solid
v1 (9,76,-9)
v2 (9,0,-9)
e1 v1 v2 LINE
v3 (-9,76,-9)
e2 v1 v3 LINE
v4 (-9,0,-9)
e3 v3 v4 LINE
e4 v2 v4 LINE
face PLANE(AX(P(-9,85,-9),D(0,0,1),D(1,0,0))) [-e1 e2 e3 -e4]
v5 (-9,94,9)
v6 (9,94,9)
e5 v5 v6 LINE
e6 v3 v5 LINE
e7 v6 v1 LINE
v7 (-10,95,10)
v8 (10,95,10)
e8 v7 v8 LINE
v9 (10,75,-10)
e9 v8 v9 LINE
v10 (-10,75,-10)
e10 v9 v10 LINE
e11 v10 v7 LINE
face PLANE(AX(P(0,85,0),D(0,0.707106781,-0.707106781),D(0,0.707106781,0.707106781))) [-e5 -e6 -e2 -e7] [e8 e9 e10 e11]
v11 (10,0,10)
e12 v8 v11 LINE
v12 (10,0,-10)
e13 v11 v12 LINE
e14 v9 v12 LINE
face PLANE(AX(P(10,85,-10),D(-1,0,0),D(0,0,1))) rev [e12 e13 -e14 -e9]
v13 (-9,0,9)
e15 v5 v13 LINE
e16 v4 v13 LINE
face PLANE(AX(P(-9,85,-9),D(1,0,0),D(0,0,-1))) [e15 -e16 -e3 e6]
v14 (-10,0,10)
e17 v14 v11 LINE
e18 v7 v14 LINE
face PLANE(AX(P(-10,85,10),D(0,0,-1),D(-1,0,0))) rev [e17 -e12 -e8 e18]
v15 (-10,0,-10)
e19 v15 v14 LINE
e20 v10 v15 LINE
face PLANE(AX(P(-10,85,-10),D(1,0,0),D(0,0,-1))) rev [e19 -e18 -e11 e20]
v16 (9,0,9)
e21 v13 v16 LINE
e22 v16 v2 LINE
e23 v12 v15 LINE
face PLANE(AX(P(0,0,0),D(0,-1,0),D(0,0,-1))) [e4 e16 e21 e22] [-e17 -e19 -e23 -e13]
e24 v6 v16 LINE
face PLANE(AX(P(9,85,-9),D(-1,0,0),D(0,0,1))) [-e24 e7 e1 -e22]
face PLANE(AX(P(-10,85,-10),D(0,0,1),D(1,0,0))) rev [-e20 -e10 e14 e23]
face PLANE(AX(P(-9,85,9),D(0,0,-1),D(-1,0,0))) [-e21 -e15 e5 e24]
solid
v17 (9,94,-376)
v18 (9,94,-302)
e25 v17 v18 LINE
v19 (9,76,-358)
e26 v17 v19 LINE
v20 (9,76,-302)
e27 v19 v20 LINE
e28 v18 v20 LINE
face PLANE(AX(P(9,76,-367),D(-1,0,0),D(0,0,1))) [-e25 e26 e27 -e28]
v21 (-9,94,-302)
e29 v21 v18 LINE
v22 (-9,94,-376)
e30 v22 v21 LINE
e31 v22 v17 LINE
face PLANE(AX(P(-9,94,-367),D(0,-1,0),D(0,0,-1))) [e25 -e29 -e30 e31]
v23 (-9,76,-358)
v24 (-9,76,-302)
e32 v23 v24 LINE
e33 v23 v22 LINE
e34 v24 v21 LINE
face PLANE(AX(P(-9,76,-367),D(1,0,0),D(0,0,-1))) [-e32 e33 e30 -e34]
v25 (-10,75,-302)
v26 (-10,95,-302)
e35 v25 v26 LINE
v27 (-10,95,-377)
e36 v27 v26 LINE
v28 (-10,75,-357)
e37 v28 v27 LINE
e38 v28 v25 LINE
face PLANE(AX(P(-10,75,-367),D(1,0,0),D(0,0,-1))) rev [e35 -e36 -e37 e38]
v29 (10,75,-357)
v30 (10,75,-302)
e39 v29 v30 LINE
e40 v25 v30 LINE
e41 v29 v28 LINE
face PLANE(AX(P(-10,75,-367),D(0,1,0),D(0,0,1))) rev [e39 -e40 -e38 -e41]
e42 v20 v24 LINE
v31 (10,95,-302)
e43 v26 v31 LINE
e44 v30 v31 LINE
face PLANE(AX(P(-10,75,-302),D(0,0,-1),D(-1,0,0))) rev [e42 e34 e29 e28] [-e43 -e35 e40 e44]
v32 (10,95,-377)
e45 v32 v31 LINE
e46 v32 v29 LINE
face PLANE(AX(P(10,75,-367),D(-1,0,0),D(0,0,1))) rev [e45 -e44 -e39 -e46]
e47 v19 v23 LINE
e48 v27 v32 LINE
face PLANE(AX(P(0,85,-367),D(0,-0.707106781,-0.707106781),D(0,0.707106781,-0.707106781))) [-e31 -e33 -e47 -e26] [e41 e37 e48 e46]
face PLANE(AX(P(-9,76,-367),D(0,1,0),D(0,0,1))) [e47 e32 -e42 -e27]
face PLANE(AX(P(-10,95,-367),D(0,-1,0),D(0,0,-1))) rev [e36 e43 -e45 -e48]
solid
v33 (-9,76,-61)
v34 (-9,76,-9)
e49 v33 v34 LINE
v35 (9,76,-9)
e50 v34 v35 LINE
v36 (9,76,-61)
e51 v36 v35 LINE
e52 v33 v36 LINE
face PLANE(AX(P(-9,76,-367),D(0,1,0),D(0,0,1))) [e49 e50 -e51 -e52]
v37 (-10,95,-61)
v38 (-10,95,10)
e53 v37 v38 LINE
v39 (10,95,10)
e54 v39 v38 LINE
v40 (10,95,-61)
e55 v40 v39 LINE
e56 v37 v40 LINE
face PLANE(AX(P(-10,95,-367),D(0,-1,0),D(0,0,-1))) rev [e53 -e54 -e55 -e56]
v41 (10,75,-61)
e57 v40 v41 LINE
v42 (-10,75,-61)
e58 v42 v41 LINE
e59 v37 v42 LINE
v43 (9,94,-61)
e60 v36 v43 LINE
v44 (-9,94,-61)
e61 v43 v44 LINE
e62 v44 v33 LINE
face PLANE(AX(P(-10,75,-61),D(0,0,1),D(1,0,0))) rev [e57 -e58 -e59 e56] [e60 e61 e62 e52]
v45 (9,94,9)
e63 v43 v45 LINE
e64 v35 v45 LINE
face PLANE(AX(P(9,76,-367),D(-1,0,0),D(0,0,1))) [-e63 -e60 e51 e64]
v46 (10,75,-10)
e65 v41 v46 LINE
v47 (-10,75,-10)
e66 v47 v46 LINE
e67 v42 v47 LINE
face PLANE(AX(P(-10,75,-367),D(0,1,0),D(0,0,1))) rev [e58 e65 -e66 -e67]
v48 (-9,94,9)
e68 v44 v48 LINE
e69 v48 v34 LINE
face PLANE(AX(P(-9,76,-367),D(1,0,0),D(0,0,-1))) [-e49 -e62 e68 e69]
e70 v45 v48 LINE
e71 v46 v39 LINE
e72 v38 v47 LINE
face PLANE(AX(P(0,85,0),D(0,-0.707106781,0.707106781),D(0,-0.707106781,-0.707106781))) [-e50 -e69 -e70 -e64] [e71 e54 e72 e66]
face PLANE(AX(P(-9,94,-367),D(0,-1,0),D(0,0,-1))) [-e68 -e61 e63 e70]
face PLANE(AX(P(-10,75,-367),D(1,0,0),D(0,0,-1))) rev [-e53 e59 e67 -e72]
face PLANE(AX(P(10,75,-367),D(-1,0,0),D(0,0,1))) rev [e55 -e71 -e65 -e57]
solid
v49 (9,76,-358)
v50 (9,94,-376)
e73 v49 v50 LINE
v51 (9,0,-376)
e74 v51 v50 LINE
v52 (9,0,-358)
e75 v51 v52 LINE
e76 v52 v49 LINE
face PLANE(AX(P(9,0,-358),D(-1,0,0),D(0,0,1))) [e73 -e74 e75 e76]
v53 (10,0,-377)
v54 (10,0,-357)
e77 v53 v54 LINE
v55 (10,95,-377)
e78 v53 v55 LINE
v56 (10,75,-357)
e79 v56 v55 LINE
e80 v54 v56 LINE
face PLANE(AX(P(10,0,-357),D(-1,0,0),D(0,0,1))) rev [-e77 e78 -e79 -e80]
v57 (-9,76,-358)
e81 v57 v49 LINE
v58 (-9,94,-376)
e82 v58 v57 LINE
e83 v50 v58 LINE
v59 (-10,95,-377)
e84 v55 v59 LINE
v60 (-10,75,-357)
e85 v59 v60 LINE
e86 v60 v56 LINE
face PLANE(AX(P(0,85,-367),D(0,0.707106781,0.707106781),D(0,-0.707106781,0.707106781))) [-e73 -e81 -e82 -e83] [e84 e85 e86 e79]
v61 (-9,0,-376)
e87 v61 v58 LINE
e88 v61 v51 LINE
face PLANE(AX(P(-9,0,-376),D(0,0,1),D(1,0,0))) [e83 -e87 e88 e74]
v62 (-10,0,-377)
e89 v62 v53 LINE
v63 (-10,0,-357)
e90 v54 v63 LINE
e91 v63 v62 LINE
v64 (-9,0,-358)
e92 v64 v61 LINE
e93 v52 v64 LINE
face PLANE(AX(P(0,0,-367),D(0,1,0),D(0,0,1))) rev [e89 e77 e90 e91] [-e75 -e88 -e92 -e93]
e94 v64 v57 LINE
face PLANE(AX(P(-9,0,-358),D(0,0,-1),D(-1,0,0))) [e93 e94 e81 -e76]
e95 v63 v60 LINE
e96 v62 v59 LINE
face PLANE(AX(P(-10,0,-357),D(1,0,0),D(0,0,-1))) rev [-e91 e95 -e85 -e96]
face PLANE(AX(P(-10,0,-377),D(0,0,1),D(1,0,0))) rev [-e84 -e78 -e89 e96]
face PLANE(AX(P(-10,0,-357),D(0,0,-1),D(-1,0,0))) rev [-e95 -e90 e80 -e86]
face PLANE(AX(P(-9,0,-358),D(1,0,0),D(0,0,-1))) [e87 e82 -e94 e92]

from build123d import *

# Parameters (mm, degrees)
SKETCH_11_W                = 20
SKETCH_11_H                = 20
SKETCH_11_W_2              = 18
SKETCH_11_H_2              = 18
F_20X20X1_1_DEPTH          = 100.142135624
SKETCH_11_ON_SEGMENT_2_W   = 20
SKETCH_11_ON_SEGMENT_2_H   = 20
SKETCH_11_ON_SEGMENT_2_W_2 = 18
SKETCH_11_ON_SEGMENT_2_H_2 = 18
F_20X20X1_1_2_DEPTH        = 397.284271247
SKETCH_11_ON_SEGMENT_3_W   = 20
SKETCH_11_ON_SEGMENT_3_H   = 20
SKETCH_11_ON_SEGMENT_3_W_2 = 18
SKETCH_11_ON_SEGMENT_3_H_2 = 18
F_20X20X1_1_3_DEPTH        = 100.142135624
CUT_EXTRUDE_1_REACH        = 391.299
SKETCH_12_R                = 1.5
SKETCH_14_W                = 241
SKETCH_14_H                = 20
CUT_EXTRUDE_3_DEPTH        = 390.299370665


with BuildPart() as part:
    # 草图11 → 铝管 20X20X1(1) (new body)
    with BuildSketch(Plane.ZX):
        Rectangle(SKETCH_11_W, SKETCH_11_H)
        Rectangle(SKETCH_11_W_2, SKETCH_11_H_2, mode=Mode.SUBTRACT)
    extrude(amount=F_20X20X1_1_DEPTH)

    # 铝管 20X20X1(1) mitre 1
    split(bisect_by=Plane(origin=(0, 85, 0), x_dir=(1, 0, 0), z_dir=(0, -0.707106781, 0.707106781)), keep=Keep.TOP)


with BuildPart() as body_2:
    # 草图11 on segment 2 (carried to segment 2) → 20X20X1_1 2 (new body)
    with BuildSketch(Plane(origin=(0, 85, 15.142135624), x_dir=(0, 1, 0), z_dir=(0, 0, -1))):
        Rectangle(SKETCH_11_ON_SEGMENT_2_W, SKETCH_11_ON_SEGMENT_2_H)
        Rectangle(SKETCH_11_ON_SEGMENT_2_W_2, SKETCH_11_ON_SEGMENT_2_H_2, mode=Mode.SUBTRACT)
    extrude(amount=F_20X20X1_1_2_DEPTH)

    # 20X20X1_1 2 mitre 1
    split(bisect_by=Plane(origin=(0, 85, 0), x_dir=(-1, 0, 0), z_dir=(0, 0.707106781, -0.707106781)), keep=Keep.TOP)

    # 20X20X1_1 2 mitre 2
    split(bisect_by=Plane(origin=(0, 85, -367), x_dir=(-1, 0, 0), z_dir=(0, 0.707106781, 0.707106781)), keep=Keep.TOP)

    # 切除-拉伸1: up to this face of the body (flat: up to its plane)
    cut_extrude_1_end = Plane(body_2.part.faces().sort_by_distance((-10, 85.181653043, -183.5))[0])
    # 草图12 → 切除-拉伸1 (cut, up to the picked face)
    with BuildSketch(Plane(origin=(10, 0, 0), x_dir=(0, 0, -1), z_dir=(1, 0, 0)), mode=Mode.PRIVATE) as cut_extrude_1_sk1:
        with Locations((133.5, 81)):
            Circle(SKETCH_12_R)
    cut_extrude_1_tool1 = split(extrude(cut_extrude_1_sk1.sketch, amount=-CUT_EXTRUDE_1_REACH, mode=Mode.PRIVATE), bisect_by=cut_extrude_1_end, keep=Keep.BOTH, mode=Mode.PRIVATE)
    # 草图12 → 切除-拉伸1 (cut, up to the picked face)
    with BuildSketch(Plane(origin=(10, 0, 0), x_dir=(0, 0, -1), z_dir=(1, 0, 0)), mode=Mode.PRIVATE) as cut_extrude_1_sk2:
        with Locations((233.5, 81)):
            Circle(SKETCH_12_R)
    cut_extrude_1_tool2 = split(extrude(cut_extrude_1_sk2.sketch, amount=-CUT_EXTRUDE_1_REACH, mode=Mode.PRIVATE), bisect_by=cut_extrude_1_end, keep=Keep.BOTH, mode=Mode.PRIVATE)
    add(cut_extrude_1_tool1.solids().sort_by(Axis((10, 81, -133.5), (-1, 0, 0)))[0], mode=Mode.SUBTRACT)
    add(cut_extrude_1_tool2.solids().sort_by(Axis((10, 81, -233.5), (-1, 0, 0)))[0], mode=Mode.SUBTRACT)

    # 草图14 → 切除-拉伸3 (cut, through all)
    with BuildSketch(Plane(origin=(10, 0, 0), x_dir=(0, 0, -1), z_dir=(1, 0, 0))):
        with Locations((181.5, 85)):
            Rectangle(SKETCH_14_W, SKETCH_14_H)
    extrude(amount=-CUT_EXTRUDE_3_DEPTH, mode=Mode.SUBTRACT)


with BuildPart() as body_3:
    # 草图11 on segment 3 (carried to segment 3) → 20X20X1_1 3 (new body)
    with BuildSketch(Plane(origin=(0, 100.142135624, -367), x_dir=(0, 0, -1), z_dir=(0, -1, 0))):
        Rectangle(SKETCH_11_ON_SEGMENT_3_W, SKETCH_11_ON_SEGMENT_3_H)
        Rectangle(SKETCH_11_ON_SEGMENT_3_W_2, SKETCH_11_ON_SEGMENT_3_H_2, mode=Mode.SUBTRACT)
    extrude(amount=F_20X20X1_1_3_DEPTH)

    # 20X20X1_1 3 mitre 1
    split(bisect_by=Plane(origin=(0, 85, -367), x_dir=(1, 0, 0), z_dir=(0, -0.707106781, -0.707106781)), keep=Keep.TOP)


with BuildPart() as cut_extrude_3_piece_1:
    # of the separate pieces the step leaves, piece 1, a body of its own (cut_extrude_3_pieces)
    add(body_2.part.solids().sort_by_distance((-10, 75, -302))[0])


with BuildPart() as cut_extrude_3_piece_2:
    # of the separate pieces the step leaves, piece 2, a body of its own (cut_extrude_3_pieces)
    add(body_2.part.solids().sort_by_distance((-10, 75, -10))[0])


solid = Compound([part.part, body_3.part, cut_extrude_3_piece_1.part, cut_extrude_3_piece_2.part])
